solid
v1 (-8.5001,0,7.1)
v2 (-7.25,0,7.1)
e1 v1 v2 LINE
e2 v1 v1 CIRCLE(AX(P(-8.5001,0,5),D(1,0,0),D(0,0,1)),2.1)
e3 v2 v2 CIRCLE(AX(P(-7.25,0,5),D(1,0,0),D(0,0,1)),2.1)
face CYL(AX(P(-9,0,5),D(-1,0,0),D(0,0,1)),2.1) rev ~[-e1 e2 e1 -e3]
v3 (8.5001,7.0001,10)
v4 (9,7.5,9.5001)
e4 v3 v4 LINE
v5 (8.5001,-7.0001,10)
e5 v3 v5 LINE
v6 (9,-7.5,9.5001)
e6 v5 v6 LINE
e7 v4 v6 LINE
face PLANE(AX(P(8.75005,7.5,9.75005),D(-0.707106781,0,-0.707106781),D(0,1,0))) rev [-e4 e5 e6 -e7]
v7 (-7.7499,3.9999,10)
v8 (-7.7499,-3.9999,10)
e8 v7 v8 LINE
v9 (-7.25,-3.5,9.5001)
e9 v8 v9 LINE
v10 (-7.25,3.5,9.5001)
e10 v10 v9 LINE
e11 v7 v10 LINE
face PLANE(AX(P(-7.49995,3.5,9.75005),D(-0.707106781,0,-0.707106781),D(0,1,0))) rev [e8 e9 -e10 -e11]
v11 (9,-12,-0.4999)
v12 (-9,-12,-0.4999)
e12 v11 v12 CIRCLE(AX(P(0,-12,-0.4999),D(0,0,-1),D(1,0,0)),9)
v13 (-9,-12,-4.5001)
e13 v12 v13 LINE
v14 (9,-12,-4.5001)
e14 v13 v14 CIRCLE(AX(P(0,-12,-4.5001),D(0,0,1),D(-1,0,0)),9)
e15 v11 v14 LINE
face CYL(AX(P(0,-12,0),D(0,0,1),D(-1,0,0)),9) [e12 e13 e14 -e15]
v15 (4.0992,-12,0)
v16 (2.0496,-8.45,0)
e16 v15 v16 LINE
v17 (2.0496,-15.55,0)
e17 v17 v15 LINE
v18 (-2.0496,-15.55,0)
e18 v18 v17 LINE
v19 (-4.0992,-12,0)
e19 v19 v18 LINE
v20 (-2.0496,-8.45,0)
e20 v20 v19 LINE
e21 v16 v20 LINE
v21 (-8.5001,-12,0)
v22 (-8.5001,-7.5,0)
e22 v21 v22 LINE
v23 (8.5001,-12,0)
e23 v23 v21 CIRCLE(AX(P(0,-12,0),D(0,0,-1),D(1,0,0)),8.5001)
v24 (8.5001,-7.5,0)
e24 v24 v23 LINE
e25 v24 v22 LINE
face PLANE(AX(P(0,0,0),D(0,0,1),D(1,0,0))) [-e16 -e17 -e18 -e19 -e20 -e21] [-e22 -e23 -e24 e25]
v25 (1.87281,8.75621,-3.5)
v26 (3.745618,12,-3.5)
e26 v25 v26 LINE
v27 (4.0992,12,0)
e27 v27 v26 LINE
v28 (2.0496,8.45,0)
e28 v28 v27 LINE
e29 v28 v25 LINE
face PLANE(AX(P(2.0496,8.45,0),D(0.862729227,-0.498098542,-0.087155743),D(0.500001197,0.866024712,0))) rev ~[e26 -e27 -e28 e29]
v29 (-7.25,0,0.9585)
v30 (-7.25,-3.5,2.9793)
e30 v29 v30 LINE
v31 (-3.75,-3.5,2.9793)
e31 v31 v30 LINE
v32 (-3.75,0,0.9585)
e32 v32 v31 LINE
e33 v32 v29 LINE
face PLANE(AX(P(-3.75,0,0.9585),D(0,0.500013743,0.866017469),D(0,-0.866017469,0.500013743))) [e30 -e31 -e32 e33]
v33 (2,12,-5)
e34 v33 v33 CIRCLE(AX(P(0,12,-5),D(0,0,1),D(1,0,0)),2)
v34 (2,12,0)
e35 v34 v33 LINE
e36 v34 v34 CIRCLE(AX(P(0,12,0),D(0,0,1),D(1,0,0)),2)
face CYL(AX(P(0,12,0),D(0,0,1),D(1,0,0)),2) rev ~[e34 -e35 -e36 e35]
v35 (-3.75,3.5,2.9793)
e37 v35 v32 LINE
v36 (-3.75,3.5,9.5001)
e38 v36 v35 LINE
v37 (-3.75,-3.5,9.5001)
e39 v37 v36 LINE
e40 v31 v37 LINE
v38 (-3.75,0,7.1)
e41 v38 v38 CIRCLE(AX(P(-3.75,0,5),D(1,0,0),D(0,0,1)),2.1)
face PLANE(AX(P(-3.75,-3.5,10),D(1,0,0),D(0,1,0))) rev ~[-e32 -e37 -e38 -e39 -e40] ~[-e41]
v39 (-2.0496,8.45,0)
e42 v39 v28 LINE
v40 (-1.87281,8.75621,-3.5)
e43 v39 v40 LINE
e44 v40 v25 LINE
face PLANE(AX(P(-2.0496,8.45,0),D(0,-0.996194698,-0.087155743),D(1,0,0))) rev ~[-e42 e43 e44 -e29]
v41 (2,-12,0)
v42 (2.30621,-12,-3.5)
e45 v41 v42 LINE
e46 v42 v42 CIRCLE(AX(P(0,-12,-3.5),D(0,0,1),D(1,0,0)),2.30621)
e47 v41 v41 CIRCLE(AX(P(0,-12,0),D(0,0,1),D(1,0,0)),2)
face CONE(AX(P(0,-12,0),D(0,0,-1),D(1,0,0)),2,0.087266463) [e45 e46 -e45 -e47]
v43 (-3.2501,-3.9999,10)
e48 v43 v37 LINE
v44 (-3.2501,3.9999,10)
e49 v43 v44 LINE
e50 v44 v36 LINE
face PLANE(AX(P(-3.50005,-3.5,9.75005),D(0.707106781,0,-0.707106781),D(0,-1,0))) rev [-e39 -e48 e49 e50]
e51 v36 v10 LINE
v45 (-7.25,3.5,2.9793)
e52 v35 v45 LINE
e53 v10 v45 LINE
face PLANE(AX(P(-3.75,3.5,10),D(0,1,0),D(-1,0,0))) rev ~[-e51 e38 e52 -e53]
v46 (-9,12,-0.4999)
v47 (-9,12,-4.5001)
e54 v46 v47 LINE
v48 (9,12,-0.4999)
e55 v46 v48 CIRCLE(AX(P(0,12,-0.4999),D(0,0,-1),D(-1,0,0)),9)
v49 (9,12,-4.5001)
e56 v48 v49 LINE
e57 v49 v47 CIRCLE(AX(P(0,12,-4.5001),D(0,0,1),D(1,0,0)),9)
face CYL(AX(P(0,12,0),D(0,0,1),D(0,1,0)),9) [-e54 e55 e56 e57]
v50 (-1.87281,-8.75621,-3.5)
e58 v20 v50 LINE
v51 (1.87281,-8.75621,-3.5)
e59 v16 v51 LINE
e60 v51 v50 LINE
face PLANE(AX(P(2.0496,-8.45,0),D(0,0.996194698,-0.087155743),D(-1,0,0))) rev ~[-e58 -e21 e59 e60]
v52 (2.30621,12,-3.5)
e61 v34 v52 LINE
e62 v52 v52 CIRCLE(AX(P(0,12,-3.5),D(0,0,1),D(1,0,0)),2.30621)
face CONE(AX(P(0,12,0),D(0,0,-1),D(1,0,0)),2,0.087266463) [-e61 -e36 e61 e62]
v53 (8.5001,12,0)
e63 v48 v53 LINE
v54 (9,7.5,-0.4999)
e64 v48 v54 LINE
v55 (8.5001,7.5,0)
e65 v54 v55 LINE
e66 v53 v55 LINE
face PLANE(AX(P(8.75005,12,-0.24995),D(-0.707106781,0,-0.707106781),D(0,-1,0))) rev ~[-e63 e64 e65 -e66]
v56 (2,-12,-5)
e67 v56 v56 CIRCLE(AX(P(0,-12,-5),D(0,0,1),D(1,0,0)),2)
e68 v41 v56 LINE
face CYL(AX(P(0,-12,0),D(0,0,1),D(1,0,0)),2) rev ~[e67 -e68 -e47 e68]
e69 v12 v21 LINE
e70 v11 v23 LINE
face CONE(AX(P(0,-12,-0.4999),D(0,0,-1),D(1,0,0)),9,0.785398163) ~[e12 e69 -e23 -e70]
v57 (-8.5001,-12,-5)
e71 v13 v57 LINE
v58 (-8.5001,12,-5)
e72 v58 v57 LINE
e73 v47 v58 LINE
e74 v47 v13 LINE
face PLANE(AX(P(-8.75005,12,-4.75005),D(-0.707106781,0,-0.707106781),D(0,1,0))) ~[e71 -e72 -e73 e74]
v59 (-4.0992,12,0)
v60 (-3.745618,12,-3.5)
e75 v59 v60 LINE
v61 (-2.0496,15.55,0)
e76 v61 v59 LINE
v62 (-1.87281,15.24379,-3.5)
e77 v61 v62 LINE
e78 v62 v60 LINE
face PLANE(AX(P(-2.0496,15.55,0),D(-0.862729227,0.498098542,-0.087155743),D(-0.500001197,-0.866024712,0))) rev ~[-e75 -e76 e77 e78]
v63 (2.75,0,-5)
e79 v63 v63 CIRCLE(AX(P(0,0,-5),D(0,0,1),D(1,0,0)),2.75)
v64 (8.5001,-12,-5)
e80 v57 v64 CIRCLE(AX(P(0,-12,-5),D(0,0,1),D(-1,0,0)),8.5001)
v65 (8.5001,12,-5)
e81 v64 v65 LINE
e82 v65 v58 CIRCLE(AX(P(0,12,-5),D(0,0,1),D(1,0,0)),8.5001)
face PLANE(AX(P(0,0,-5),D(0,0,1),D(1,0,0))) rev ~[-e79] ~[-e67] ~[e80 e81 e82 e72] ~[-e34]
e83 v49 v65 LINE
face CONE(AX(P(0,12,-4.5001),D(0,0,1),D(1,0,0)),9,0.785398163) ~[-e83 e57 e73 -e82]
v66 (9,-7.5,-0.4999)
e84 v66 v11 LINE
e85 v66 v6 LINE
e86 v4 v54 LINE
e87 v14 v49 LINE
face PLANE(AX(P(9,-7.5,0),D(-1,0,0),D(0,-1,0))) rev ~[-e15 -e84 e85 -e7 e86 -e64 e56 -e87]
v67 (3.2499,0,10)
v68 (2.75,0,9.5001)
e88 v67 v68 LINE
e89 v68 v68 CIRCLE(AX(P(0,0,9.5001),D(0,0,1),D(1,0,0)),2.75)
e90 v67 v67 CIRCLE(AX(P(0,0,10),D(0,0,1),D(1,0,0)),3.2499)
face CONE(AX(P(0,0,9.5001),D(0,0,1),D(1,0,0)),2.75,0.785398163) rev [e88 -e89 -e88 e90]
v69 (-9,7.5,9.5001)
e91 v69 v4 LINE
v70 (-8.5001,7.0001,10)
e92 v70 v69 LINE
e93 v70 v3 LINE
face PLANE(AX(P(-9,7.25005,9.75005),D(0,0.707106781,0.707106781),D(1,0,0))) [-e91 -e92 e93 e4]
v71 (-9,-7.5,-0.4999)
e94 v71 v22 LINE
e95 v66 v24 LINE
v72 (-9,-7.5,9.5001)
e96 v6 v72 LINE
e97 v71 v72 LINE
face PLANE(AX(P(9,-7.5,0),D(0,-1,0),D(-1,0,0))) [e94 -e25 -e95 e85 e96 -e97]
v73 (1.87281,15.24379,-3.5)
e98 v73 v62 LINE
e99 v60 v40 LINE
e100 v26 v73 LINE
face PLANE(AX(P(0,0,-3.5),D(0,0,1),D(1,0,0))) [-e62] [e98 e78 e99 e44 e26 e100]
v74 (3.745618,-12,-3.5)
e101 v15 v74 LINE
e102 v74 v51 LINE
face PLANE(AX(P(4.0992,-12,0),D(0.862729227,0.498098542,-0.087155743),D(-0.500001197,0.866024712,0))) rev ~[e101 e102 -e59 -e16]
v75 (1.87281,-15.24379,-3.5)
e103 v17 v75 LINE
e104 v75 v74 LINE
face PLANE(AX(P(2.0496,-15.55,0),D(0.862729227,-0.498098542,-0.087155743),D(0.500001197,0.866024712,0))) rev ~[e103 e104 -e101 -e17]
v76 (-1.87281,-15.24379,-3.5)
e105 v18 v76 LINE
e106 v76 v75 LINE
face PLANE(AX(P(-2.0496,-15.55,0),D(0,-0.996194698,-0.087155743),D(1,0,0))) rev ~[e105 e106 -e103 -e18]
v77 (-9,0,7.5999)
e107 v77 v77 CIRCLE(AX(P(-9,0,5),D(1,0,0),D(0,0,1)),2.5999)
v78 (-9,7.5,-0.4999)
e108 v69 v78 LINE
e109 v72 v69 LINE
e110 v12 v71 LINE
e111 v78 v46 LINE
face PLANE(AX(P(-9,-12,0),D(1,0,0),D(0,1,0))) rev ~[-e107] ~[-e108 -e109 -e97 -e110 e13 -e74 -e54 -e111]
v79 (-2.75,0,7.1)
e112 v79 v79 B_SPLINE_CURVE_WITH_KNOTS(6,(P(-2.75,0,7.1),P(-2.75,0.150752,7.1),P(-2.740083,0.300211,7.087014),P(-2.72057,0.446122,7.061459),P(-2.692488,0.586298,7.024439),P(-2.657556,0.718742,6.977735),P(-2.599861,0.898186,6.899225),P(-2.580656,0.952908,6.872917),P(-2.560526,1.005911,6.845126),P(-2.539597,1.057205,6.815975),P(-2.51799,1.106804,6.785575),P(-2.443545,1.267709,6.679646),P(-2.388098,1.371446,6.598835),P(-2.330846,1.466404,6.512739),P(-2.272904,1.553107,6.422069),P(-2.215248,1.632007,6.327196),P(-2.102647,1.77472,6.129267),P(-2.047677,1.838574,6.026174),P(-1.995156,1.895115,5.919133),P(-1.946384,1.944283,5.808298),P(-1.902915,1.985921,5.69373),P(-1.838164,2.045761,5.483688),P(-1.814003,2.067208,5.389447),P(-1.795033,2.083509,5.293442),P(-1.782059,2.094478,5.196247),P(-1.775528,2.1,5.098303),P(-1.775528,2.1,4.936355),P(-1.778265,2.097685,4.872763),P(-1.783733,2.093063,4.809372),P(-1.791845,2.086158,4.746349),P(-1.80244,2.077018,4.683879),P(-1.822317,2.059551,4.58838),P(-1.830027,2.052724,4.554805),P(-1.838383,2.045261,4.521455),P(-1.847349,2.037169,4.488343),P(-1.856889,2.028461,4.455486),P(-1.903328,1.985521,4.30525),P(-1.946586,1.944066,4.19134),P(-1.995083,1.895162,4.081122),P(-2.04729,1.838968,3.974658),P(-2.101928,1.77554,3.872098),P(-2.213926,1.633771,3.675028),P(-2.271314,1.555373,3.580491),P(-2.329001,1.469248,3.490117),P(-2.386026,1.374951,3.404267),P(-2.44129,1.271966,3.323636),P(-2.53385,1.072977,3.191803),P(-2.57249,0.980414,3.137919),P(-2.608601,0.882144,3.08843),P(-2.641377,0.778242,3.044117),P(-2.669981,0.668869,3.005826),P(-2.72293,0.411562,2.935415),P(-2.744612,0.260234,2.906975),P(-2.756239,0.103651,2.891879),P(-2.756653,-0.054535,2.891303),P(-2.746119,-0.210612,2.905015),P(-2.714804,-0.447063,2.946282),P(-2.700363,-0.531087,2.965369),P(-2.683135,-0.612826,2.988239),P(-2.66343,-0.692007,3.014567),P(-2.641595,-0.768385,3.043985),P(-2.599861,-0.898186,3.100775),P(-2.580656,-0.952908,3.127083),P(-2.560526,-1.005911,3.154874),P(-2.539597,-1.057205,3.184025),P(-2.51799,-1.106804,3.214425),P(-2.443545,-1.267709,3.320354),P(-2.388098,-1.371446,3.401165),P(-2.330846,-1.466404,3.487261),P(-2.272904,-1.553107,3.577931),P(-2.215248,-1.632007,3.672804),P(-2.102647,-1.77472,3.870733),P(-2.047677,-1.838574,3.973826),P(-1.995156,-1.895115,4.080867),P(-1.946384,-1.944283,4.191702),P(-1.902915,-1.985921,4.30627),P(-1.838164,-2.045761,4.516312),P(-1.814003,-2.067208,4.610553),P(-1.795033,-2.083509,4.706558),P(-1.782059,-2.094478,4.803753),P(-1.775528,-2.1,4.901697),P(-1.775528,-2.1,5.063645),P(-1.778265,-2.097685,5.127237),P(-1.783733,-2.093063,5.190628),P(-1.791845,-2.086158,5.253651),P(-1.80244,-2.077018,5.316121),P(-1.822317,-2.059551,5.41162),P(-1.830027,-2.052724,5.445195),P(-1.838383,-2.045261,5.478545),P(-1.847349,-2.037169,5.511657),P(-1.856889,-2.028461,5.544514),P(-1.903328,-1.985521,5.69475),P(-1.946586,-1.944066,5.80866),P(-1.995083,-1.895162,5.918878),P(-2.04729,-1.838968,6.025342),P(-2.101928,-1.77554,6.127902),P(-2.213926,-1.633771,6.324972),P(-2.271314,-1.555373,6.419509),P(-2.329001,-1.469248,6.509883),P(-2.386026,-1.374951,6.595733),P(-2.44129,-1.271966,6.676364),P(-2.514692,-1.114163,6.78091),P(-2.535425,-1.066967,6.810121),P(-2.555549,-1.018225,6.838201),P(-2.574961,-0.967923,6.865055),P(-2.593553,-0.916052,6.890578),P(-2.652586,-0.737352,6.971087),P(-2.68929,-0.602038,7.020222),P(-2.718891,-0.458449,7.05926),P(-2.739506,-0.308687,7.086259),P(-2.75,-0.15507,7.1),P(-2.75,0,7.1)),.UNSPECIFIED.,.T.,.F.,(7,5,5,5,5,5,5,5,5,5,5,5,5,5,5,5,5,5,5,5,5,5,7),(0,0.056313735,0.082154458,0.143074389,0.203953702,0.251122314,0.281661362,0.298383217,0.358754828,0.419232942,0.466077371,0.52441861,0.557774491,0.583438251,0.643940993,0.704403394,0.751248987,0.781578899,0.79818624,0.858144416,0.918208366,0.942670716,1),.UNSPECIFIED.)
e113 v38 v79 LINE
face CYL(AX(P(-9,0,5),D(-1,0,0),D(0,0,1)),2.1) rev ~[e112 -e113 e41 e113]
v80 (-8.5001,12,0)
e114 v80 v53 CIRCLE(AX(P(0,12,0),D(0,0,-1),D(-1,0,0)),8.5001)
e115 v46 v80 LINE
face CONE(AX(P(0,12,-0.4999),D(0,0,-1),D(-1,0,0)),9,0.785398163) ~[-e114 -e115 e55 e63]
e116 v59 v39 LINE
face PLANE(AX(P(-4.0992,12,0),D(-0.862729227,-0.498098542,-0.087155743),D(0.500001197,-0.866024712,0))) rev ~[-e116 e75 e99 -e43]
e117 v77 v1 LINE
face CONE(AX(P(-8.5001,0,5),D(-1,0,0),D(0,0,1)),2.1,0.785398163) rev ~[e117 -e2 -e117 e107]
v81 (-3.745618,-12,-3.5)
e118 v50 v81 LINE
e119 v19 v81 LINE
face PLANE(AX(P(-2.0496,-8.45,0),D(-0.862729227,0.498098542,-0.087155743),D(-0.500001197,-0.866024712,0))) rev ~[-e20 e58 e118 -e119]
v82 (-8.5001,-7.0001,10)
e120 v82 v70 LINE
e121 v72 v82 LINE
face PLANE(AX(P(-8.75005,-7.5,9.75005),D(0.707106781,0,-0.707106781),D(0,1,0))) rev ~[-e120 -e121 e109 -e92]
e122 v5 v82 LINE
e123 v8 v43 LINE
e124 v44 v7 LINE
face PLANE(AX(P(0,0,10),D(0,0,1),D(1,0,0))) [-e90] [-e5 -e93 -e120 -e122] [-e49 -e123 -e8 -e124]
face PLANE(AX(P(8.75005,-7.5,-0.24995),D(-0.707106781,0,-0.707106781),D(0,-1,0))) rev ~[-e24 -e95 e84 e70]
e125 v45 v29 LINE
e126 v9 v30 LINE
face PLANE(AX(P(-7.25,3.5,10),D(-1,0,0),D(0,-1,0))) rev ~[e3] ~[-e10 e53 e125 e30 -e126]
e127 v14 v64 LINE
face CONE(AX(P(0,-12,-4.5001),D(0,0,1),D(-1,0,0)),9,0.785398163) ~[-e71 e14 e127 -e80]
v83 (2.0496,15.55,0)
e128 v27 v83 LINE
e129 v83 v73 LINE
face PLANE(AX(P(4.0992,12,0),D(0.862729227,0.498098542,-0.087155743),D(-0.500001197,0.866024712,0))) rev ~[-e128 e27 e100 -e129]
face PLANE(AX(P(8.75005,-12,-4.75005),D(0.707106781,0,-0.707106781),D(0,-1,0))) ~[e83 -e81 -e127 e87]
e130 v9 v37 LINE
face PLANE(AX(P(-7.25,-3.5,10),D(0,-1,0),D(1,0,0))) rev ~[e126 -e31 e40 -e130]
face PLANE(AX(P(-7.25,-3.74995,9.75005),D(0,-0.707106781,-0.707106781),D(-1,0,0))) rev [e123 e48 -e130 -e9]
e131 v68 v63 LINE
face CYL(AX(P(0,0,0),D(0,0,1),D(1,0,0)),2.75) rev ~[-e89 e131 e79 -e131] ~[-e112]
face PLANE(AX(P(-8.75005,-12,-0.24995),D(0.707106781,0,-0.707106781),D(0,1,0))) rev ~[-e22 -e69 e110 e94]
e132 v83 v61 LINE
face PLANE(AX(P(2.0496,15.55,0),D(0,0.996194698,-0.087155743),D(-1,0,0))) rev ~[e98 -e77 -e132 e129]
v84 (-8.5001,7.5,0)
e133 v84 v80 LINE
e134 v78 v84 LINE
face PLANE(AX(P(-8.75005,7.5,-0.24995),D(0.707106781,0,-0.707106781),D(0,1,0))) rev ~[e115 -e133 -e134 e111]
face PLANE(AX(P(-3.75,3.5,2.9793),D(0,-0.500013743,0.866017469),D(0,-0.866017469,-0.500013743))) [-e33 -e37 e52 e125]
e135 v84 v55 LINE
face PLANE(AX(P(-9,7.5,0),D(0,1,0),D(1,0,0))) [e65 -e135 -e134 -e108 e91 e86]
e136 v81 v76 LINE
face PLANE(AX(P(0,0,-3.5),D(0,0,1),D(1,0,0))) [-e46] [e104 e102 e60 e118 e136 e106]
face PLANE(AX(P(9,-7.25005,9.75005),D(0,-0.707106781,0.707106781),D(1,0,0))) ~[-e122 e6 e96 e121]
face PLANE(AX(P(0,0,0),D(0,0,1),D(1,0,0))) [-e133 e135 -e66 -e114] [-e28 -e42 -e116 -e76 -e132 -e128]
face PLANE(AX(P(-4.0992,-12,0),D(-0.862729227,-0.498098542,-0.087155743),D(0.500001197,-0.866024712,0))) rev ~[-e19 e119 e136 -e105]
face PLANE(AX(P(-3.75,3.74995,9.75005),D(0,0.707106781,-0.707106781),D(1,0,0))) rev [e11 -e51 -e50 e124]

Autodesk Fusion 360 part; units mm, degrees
sketch "Sketch1" plane through (0, 0, 0) normal (0, 0, 1) x (1, 0, 0)
  line L0 (-9, -12) -> (-9, 12)
  line L1 (9, 12) -> (9, -12)
  line L2 (9, -21) -> (-9, 21) construction
  line L3 (-9, -21) -> (9, 21) construction
  line L4 (9, -7.5) -> (-9, -7.5)
  line L5 (-9, -7.5) -> (-9, 7.5)
  line L6 (-9, 7.5) -> (9, 7.5)
  line L7 (9, 7.5) -> (9, -7.5)
  line L8 (9, -7.5) -> (-9, 7.5) construction
  line L9 (-9, -7.5) -> (9, 7.5) construction
  circle A0 centre (0, 0) radius 2.75
  arc A1 (0, 21) -> (-9, 12) centre (0, 12) ccw
  arc A2 (9, 12) -> (0, 21) centre (0, 12) ccw
  arc A3 (0, -21) -> (9, -12) centre (0, -12) ccw
  arc A4 (-9, -12) -> (0, -21) centre (0, -12) ccw
  line L10 (0, -21.9731) -> (0, 33.0269) construction
  line L11 (2.0496, 8.45) -> (4.0992, 12)
  line L12 (4.0992, 12) -> (2.0496, 15.55)
  line L13 (2.0496, 15.55) -> (-2.0496, 15.55)
  line L14 (-2.0496, 15.55) -> (-4.0992, 12)
  line L15 (-4.0992, 12) -> (-2.0496, 8.45)
  line L16 (-2.0496, 8.45) -> (2.0496, 8.45)
  line L17 (2.0496, -15.55) -> (4.0992, -12)
  line L18 (4.0992, -12) -> (2.0496, -8.45)
  line L19 (2.0496, -8.45) -> (-2.0496, -8.45)
  line L20 (-2.0496, -8.45) -> (-4.0992, -12)
  line L21 (-4.0992, -12) -> (-2.0496, -15.55)
  line L22 (-2.0496, -15.55) -> (2.0496, -15.55)
  circle A5 centre (0, 12) radius 2
  circle A6 centre (0, -12) radius 2
  line L23 (-9, 0) -> (0, 0) construction
  line L24 (-3.75, 3.5) -> (-7.25, 3.5)
  line L25 (-7.25, 3.5) -> (-7.25, -3.5)
  line L26 (-7.25, -3.5) -> (-3.75, -3.5)
  line L27 (-3.75, -3.5) -> (-3.75, 3.5)
  line L28 (-3.75, 3.5) -> (-7.25, -3.5) construction
  line L29 (-7.25, 3.5) -> (-3.75, -3.5) construction
  point P0 (0, 12)
  point P1 (0, -12)
  point P2 (-5.5, 0)
  dimension "d14" = 18
  dimension "d15" = 42
  dimension "d16" = 18
  dimension "d17" = 15
  dimension "d18" = 5.5
  dimension "d19" = 9
  dimension "d20" = 12
  dimension "d21" = 12
  dimension "d22" = 3.55
  dimension "d23" = 3.55
  dimension "d24" = 4
  dimension "d25" = 4
  dimension "d26" = 3.5
  dimension "d27" = 7
  dimension "d28" = 3.5
extrude "Extrude1" add sketch "Sketch1" against normal blind 5 contours L0 L1 L4 A3 A4 | L0 L1 L4 L5 L6 L7 | L0 L1 L6 A1 A2 | L11 L12 L13 L14 L15 L16 | L17 L18 L19 L20 L21 L22 | L24 L25 L26 L27
extrude "Extrude2" add sketch "Sketch1" along normal blind 10 contours L0 L1 L4 L5 L6 L7 | L24 L25 L26 L27
extrude "Extrude3" cut sketch "Sketch1" against normal blind 3.5 draft -5 contours L11 L12 L13 L14 L15 L16 | L17 L18 L19 L20 L21 L22 | A5 | A6
extrude "Extrude4" cut sketch "Sketch1" against normal blind 5 from surface at 10 contours L24 L25 L26 L27
sketch "Sketch2" plane through (-3.75, 0, 0) normal (-1, 0, 0) x (0, 0, 1)
  line L0 (10, -3.5) -> (10, 3.5)
  line L1 (10, 3.5) -> (5, 3.5)
  line L2 (5, 3.5) -> (5, -3.5)
  line L3 (5, -3.5) -> (10, -3.5)
  line L4 (9.0415, 0) -> (7.0207, 3.5)
  line L5 (7.0207, 3.5) -> (2.9793, 3.5)
  line L6 (2.9793, 3.5) -> (0.9585, 0)
  line L7 (0.9585, 0) -> (2.9793, -3.5)
  line L8 (2.9793, -3.5) -> (7.0207, -3.5)
  line L9 (7.0207, -3.5) -> (9.0415, 0)
  circle A0 centre (5, 0) radius 2.1
  point P0 (5, 0)
  dimension "d38" = 3.5
  dimension "d41" = 4.2
extrude "Extrude5" cut sketch "Sketch2" along normal up to surface (3.5 mm away) contours L1 L2 L3 L4 L5 L8 L9 A0 | L2 L5 L6 L7 L8 A0 | L2 A0 | L2 A0
extrude "Extrude6" cut sketch "Sketch2" against normal blind 9 from surface at 5.25 contours L2 A0 | L2 A0
chamfer "Chamfer1" distance 0.5 angle 45 19 edges at (-2.5639, 0.9944, 10) (-5.5, 3.5, 10) (-5.5, -3.5, 10) (-7.25, 0, 10) (-9, 0.7594, 3.0421) (-9, 9.75, 0) (0, 21, 0) (9, 9.75, 0) (0, -21, 0) (9, -9.75, 0) (-9, -9.75, 0) (0, 7.5, 10) (9, 0, 10) (0, -7.5, 10) (-9, 0, 10) (-9, 0, -5) (0, 21, -5) (9, 0, -5) (0, -21, -5)
chamfer "Chamfer1" distance 0.5 angle 45 1 edges at (-3.75, 0, 10)
